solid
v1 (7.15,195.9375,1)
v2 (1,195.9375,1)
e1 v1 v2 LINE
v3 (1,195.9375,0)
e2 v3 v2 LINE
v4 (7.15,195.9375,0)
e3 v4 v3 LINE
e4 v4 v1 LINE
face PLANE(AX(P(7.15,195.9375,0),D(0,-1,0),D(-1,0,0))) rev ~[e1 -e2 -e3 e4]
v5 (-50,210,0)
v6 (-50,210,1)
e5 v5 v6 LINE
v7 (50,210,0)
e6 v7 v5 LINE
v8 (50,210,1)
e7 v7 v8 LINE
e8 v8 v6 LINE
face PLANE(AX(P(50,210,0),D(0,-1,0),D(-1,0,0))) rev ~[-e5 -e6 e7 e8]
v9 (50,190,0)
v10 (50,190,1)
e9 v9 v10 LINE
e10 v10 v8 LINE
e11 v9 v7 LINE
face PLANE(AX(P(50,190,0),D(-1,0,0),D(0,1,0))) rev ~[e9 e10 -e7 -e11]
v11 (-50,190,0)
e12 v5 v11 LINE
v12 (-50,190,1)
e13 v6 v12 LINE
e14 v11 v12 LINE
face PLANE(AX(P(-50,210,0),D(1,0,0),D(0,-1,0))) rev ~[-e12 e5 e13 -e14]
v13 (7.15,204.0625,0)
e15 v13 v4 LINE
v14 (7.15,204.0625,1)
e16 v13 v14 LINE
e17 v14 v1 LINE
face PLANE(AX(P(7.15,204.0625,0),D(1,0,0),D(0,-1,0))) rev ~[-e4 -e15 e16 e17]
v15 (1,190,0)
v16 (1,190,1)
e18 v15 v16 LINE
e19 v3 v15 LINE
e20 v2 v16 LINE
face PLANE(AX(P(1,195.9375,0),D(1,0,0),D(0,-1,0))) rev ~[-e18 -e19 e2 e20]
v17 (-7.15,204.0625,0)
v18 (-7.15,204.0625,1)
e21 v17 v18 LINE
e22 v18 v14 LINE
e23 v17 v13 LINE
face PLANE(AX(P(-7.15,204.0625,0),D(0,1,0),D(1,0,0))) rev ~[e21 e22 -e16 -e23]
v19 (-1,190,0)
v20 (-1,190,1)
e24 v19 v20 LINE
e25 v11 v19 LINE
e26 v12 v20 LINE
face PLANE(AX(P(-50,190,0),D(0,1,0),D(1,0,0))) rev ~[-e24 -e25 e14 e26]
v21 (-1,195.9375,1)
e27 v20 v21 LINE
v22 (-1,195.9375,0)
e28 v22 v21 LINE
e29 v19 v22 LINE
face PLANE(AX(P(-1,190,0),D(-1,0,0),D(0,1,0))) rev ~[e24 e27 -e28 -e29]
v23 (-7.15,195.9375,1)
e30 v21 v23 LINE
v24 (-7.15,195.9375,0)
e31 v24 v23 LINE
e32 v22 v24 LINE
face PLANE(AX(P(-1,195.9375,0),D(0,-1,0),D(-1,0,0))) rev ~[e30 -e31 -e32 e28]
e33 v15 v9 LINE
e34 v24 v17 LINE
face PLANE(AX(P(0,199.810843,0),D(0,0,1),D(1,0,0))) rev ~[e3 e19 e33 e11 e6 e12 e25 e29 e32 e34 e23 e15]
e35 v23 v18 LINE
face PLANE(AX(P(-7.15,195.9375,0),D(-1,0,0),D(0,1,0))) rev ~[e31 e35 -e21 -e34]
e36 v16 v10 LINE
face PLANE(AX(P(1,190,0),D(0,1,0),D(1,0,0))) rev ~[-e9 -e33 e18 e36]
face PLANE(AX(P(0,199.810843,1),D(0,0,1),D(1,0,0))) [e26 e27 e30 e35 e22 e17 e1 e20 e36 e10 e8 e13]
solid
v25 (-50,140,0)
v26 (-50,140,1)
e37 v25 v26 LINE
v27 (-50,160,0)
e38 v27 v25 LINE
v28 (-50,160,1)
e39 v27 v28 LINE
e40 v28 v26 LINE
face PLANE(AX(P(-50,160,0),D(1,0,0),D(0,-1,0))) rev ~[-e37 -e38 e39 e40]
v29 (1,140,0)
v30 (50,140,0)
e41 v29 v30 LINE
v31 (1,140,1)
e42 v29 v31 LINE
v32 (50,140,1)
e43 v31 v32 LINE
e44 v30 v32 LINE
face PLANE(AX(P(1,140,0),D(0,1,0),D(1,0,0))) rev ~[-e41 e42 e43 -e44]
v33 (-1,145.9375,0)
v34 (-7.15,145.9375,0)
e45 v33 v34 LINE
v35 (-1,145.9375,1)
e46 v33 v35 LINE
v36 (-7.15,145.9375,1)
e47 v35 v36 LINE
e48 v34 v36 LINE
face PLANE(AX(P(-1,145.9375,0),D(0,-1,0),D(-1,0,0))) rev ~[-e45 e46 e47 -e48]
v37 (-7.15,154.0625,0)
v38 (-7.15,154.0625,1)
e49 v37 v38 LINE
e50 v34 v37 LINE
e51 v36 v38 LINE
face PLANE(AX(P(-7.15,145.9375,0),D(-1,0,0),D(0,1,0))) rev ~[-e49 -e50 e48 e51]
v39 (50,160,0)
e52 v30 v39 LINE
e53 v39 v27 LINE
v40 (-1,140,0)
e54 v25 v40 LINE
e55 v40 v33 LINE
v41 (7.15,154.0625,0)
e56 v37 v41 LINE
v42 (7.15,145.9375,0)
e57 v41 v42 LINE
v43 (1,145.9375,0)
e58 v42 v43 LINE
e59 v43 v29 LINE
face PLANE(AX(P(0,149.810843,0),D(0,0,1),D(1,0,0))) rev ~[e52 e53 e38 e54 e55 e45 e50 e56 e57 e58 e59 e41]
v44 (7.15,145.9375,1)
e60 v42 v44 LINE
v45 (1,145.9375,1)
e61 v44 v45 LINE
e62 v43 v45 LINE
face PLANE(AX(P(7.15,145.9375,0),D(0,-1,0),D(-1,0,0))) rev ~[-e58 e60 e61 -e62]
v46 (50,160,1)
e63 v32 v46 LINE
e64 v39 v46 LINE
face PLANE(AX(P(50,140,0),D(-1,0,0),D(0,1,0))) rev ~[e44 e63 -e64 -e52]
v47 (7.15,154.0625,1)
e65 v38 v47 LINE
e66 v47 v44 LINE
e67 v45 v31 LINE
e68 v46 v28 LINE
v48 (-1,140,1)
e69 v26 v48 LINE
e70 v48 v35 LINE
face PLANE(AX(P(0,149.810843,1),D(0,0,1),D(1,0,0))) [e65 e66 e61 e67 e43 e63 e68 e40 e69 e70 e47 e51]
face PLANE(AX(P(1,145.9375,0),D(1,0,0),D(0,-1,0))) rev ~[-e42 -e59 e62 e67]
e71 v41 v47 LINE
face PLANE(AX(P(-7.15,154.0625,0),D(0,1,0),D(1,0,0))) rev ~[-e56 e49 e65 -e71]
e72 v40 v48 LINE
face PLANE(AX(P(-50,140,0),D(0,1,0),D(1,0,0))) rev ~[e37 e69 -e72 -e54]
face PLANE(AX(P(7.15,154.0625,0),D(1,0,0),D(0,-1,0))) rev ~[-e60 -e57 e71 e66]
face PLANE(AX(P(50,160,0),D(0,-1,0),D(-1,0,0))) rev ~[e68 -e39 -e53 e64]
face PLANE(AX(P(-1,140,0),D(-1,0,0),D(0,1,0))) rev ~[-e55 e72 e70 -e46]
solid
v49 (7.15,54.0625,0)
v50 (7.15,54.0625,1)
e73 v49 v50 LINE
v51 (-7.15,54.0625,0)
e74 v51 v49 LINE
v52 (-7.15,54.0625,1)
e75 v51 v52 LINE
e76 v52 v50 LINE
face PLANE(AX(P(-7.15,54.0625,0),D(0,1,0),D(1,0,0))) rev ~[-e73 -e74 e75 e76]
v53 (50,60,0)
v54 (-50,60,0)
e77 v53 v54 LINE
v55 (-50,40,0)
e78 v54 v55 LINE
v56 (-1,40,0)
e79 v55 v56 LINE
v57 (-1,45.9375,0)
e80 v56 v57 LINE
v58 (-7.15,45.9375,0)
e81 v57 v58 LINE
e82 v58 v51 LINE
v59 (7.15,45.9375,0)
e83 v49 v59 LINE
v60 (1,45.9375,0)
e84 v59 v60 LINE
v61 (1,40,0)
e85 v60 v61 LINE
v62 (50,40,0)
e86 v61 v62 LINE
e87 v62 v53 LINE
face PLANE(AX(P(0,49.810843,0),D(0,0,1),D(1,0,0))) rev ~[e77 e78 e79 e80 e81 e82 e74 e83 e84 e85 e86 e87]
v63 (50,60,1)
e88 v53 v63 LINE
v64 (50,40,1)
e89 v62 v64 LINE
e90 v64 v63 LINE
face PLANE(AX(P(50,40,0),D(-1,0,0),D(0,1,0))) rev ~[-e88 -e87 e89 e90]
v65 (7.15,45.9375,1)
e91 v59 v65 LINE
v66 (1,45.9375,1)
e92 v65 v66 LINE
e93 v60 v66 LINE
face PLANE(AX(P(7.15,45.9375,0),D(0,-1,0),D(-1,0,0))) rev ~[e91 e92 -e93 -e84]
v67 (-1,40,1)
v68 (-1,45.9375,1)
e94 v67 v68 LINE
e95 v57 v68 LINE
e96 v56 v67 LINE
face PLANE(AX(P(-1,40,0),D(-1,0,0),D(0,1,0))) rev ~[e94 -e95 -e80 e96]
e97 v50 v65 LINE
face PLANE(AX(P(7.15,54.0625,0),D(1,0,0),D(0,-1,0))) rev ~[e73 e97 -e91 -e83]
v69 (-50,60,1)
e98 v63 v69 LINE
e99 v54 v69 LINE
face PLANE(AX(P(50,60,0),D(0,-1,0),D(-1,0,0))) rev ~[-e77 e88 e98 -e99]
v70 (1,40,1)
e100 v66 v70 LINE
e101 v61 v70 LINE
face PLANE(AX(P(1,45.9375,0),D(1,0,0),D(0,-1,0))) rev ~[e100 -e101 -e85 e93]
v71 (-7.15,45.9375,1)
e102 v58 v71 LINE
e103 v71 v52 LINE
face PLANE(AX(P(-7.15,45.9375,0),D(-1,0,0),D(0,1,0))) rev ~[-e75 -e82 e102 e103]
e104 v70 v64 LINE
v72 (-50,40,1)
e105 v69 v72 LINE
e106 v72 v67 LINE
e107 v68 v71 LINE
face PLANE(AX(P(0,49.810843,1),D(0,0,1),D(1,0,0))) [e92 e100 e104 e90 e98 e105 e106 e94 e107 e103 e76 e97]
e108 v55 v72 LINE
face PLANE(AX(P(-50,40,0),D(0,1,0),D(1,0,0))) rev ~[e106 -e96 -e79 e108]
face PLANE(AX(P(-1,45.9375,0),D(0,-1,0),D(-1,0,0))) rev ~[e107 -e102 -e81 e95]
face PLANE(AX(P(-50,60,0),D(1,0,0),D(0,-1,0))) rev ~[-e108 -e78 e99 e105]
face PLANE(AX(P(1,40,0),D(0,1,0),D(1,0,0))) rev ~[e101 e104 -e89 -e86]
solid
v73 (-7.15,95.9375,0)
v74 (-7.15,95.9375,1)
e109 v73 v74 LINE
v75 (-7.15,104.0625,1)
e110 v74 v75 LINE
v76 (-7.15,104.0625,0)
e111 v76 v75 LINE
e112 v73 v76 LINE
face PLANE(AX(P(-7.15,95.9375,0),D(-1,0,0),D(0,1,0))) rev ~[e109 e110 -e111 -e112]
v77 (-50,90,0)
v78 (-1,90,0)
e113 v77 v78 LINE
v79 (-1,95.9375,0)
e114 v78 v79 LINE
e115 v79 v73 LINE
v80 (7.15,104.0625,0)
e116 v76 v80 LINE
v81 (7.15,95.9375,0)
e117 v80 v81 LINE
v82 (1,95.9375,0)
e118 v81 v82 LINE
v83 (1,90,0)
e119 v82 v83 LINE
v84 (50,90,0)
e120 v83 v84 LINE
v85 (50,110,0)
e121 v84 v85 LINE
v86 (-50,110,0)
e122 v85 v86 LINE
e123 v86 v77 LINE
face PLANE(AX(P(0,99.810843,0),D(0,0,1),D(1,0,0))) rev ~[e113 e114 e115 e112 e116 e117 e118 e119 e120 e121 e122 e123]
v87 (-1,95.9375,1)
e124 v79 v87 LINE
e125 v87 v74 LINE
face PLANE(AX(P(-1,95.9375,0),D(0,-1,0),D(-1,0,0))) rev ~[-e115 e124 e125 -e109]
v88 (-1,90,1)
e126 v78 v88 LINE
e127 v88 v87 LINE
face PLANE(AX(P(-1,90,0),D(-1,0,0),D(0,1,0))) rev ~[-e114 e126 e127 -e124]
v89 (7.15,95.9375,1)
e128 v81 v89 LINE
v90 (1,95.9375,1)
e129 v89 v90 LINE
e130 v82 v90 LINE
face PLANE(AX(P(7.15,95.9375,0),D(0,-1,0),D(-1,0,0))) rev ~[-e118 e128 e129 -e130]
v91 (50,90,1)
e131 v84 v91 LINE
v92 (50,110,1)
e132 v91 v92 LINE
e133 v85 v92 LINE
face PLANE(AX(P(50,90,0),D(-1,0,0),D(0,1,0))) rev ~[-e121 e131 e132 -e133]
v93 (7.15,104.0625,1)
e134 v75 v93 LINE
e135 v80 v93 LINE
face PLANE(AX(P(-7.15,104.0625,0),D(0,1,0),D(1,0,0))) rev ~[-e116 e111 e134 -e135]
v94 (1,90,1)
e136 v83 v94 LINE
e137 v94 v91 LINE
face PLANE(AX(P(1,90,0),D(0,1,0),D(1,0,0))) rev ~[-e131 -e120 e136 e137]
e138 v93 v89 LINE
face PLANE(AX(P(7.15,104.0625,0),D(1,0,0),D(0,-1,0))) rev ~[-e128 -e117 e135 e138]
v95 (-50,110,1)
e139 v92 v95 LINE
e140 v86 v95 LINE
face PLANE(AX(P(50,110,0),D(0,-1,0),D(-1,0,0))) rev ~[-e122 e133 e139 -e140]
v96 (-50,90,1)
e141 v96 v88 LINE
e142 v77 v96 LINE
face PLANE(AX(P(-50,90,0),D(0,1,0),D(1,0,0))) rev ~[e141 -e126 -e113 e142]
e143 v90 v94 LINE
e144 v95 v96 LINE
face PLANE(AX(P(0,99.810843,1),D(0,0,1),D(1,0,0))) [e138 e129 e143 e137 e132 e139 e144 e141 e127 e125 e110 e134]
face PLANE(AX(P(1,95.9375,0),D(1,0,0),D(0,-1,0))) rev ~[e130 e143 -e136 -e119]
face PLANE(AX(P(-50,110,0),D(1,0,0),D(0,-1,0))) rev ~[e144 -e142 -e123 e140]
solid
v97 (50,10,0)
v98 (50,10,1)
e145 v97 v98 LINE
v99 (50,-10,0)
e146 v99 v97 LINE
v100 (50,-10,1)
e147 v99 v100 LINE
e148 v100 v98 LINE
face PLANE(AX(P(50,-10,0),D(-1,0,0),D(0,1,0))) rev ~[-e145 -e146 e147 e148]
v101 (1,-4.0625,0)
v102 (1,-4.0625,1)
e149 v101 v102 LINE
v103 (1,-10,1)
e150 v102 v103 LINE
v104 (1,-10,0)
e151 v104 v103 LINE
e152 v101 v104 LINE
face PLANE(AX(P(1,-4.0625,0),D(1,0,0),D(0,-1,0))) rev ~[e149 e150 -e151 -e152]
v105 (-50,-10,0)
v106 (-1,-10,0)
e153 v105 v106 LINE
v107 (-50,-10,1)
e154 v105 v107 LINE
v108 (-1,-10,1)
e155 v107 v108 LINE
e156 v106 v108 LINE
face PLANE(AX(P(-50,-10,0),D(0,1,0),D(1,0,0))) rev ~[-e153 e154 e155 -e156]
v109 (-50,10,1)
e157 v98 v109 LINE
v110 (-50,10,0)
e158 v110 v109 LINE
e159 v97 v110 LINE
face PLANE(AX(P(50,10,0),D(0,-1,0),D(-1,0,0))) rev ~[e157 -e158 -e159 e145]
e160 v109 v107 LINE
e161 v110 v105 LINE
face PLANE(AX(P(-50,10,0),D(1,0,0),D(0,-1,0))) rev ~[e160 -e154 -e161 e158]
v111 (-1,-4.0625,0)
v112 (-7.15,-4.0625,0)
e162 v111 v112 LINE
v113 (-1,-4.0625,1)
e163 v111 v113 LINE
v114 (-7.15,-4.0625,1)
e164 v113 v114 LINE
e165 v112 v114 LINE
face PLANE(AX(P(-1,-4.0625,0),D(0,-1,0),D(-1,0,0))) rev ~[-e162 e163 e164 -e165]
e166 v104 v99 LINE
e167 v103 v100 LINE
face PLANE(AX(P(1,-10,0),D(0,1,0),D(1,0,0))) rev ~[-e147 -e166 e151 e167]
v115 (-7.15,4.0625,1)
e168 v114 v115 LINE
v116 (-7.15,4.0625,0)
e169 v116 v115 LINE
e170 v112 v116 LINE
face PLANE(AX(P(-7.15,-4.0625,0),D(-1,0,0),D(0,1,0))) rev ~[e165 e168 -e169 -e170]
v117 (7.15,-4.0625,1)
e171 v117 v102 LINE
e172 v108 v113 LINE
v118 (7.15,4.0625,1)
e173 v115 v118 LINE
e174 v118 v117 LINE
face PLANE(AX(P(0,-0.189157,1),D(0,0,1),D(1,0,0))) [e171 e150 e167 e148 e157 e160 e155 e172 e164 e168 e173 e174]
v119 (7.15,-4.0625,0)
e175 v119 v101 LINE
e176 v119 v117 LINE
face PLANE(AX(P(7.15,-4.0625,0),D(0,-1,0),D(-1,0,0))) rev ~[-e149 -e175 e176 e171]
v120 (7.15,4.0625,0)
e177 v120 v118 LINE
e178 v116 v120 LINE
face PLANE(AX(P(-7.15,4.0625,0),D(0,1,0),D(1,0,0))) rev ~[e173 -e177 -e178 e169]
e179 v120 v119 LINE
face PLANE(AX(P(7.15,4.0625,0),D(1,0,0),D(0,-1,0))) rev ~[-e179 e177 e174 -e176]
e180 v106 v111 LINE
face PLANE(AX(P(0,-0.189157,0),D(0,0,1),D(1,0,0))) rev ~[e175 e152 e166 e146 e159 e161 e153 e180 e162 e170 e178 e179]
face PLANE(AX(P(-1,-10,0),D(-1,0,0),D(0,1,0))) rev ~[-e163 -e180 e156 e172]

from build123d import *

# Parameters (mm, degrees)
F1_DEPTH = 1


with BuildPart() as f1:
    # F0 (on Top) → F1 (new body)
    with BuildSketch(Plane.XY):
        Polygon((50, 10), (0, 10), (-50, 10), (-50, 0), (-50, -10), (-1, -10), (-1, -4.0625), (-7.15, -4.0625), (-7.15, 0), (-7.15, 4.0625), (0, 4.0625), (7.15, 4.0625), (7.15, 0), (7.15, -4.0625), (1, -4.0625), (1, -10), (50, -10), (50, 0), align=None)
        Polygon((50, 50), (50, 60), (0, 60), (-50, 60), (-50, 50), (-50, 40), (-1, 40), (-1, 45.9375), (-7.15, 45.9375), (-7.15, 50), (-7.15, 54.0625), (0, 54.0625), (7.15, 54.0625), (7.15, 50), (7.15, 45.9375), (1, 45.9375), (1, 40), (50, 40), align=None)
        Polygon((50, 100), (50, 110), (0, 110), (-50, 110), (-50, 100), (-50, 90), (-1, 90), (-1, 95.9375), (-7.15, 95.9375), (-7.15, 100), (-7.15, 104.0625), (0, 104.0625), (7.15, 104.0625), (7.15, 100), (7.15, 95.9375), (1, 95.9375), (1, 90), (50, 90), align=None)
        Polygon((50, 150), (50, 160), (0, 160), (-50, 160), (-50, 150), (-50, 140), (-1, 140), (-1, 145.9375), (-7.15, 145.9375), (-7.15, 150), (-7.15, 154.0625), (0, 154.0625), (7.15, 154.0625), (7.15, 150), (7.15, 145.9375), (1, 145.9375), (1, 140), (50, 140), align=None)
        Polygon((50, 200), (50, 210), (0, 210), (-50, 210), (-50, 200), (-50, 190), (-1, 190), (-1, 195.9375), (-7.15, 195.9375), (-7.15, 200), (-7.15, 204.0625), (0, 204.0625), (7.15, 204.0625), (7.15, 200), (7.15, 195.9375), (1, 195.9375), (1, 190), (50, 190), align=None)
    extrude(amount=F1_DEPTH)


solid = f1.part
